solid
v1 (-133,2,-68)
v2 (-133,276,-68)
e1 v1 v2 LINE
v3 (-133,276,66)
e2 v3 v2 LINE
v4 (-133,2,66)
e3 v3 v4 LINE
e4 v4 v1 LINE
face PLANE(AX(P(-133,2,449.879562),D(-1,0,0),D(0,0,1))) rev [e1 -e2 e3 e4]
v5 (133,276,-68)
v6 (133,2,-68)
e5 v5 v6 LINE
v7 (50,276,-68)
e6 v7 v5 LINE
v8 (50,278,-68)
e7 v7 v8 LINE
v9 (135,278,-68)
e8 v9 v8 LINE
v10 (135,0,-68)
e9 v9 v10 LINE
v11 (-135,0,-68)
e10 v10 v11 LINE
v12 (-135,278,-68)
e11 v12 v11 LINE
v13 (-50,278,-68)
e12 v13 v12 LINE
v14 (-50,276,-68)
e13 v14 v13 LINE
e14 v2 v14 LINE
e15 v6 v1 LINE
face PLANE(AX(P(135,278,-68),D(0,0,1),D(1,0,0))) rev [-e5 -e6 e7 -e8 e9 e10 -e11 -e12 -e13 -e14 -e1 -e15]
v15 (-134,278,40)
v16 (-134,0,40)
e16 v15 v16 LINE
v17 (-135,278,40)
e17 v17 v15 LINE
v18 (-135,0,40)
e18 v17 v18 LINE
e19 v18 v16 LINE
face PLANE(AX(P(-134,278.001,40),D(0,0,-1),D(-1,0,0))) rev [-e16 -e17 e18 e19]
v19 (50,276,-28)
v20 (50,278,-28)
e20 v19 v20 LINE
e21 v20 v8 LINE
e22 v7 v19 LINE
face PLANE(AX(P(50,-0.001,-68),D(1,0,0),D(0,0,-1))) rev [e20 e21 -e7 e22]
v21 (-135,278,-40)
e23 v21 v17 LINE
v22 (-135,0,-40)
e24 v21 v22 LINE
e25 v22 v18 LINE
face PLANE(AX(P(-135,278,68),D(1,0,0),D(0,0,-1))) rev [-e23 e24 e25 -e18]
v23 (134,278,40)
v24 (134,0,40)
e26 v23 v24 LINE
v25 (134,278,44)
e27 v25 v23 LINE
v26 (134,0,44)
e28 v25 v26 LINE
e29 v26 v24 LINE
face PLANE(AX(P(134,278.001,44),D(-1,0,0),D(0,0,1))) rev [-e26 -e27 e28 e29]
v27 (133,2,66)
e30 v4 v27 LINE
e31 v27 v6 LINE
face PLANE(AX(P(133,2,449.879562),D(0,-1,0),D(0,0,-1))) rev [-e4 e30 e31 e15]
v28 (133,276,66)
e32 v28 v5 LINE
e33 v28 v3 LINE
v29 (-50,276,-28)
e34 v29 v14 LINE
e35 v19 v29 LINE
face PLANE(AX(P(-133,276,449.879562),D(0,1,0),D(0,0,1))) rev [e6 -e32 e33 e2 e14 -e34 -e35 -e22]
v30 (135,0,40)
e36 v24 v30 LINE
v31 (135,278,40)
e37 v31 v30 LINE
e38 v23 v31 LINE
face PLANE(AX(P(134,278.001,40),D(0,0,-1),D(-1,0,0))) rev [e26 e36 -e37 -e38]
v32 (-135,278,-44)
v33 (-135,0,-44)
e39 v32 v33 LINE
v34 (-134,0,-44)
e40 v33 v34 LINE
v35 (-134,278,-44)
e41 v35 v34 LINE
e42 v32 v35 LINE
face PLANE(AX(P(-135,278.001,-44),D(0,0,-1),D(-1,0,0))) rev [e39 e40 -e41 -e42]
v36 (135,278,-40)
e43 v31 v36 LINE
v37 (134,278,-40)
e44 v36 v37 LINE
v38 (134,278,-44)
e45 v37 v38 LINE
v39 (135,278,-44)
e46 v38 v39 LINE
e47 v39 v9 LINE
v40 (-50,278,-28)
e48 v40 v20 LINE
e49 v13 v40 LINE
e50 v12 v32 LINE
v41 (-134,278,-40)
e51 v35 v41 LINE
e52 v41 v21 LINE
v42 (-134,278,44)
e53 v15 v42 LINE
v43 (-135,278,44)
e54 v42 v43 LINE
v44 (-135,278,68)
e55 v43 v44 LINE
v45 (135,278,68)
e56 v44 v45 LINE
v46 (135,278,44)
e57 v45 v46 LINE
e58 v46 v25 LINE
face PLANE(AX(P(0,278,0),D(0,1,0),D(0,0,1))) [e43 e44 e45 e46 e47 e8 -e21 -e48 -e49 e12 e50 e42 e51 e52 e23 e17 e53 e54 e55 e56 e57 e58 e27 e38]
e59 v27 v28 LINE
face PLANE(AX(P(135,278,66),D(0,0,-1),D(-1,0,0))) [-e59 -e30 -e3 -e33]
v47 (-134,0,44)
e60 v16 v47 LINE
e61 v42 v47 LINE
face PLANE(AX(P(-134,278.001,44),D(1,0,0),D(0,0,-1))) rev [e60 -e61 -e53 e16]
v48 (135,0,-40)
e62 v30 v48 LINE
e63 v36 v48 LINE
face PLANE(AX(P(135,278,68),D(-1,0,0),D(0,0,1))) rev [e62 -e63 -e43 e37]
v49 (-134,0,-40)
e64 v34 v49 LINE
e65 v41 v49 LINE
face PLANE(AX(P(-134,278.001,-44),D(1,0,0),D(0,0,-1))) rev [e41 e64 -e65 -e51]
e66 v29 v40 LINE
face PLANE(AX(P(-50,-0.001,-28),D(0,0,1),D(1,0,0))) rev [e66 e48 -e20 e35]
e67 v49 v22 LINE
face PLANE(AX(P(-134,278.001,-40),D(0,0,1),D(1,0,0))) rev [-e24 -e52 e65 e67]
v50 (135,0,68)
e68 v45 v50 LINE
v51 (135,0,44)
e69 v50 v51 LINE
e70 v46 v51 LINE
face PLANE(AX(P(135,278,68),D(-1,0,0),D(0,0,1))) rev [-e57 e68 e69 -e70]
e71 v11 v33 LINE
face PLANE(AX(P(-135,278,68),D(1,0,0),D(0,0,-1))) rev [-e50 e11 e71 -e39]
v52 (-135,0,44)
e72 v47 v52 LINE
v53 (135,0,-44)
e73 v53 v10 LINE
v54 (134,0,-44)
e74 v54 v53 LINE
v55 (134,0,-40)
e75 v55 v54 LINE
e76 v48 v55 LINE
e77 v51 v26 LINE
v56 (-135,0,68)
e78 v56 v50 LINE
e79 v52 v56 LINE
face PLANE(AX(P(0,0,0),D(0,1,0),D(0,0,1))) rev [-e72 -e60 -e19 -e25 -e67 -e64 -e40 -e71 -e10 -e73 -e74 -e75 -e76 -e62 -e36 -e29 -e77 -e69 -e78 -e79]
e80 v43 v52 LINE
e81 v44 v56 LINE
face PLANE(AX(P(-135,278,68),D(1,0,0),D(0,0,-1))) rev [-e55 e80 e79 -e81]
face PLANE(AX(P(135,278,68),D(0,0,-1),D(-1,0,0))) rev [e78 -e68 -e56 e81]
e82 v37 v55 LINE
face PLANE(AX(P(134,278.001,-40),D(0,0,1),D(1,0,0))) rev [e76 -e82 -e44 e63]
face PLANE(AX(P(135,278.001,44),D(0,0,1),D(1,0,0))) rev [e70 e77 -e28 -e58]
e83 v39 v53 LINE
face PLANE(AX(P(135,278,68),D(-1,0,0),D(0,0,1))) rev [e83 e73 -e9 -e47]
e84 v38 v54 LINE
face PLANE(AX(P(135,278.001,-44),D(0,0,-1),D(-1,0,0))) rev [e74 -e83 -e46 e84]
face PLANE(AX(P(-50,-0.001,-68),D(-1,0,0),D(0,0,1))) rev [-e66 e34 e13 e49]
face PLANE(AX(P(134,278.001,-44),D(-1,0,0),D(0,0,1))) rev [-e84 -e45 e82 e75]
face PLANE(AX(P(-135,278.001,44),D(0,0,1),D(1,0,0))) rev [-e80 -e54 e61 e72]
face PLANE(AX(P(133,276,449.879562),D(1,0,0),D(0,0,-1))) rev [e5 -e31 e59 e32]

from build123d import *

# Parameters (mm, degrees)
SKETCH_1_W          = 270
SKETCH_1_H          = 136
EXTRUDE_1_DEPTH     = 278
SKETCH_2_W          = 266
SKETCH_2_H          = 274
CUT_EXTRUDE_1_DEPTH = 134
CUT_EXTRUDE_2_REACH = 318.438
SKETCH_3_W          = 100
SKETCH_3_H          = 40
CUT_EXTRUDE_3_REACH = 318.438
SKETCH_4_W          = 1
SKETCH_4_H          = 4


with BuildPart() as part:
    # 草图1 → 凸台-拉伸1 (new body)
    with BuildSketch(Plane(origin=(0, 0, 0), x_dir=(1, 0, 0), z_dir=(0, 1, 0))):
        Rectangle(SKETCH_1_W, SKETCH_1_H)
    extrude(amount=EXTRUDE_1_DEPTH)

    # 草图2 → 切除-拉伸1 (cut)
    with BuildSketch(Plane(origin=(0, 0, -68), x_dir=(-1, 0, 0), z_dir=(0, 0, -1))):
        with Locations((0, 139)):
            Rectangle(SKETCH_2_W, SKETCH_2_H)
    extrude(amount=-CUT_EXTRUDE_1_DEPTH, mode=Mode.SUBTRACT)

    # 草图3 → 切除-拉伸2 (cut, up to next)
    with BuildSketch(Plane(origin=(0, 278, 0), x_dir=(1, 0, 0), z_dir=(0, 1, 0)), mode=Mode.PRIVATE) as cut_extrude_2_sk1:
        with Locations((0, 48)):
            Rectangle(SKETCH_3_W, SKETCH_3_H)
    cut_extrude_2_tool1 = extrude(cut_extrude_2_sk1.sketch, amount=-CUT_EXTRUDE_2_REACH, mode=Mode.PRIVATE) & part.part
    add(cut_extrude_2_tool1.solids().sort_by_distance((0, 278, -48))[0], mode=Mode.SUBTRACT)

    # 草图4 → 切除-拉伸3 (cut, up to next)
    with BuildSketch(Plane.XZ, mode=Mode.PRIVATE) as cut_extrude_3_sk1:
        with Locations((-134.5, 42)):
            Rectangle(SKETCH_4_W, SKETCH_4_H)
    cut_extrude_3_tool1 = extrude(cut_extrude_3_sk1.sketch, amount=-CUT_EXTRUDE_3_REACH, mode=Mode.PRIVATE) & part.part
    # 草图4 → 切除-拉伸3 (cut, up to next)
    with BuildSketch(Plane.XZ, mode=Mode.PRIVATE) as cut_extrude_3_sk2:
        with Locations((-134.5, -42)):
            Rectangle(SKETCH_4_W, SKETCH_4_H)
    cut_extrude_3_tool2 = extrude(cut_extrude_3_sk2.sketch, amount=-CUT_EXTRUDE_3_REACH, mode=Mode.PRIVATE) & part.part
    # 草图4 → 切除-拉伸3 (cut, up to next)
    with BuildSketch(Plane.XZ, mode=Mode.PRIVATE) as cut_extrude_3_sk3:
        with Locations((134.5, -42)):
            Rectangle(SKETCH_4_W, SKETCH_4_H)
    cut_extrude_3_tool3 = extrude(cut_extrude_3_sk3.sketch, amount=-CUT_EXTRUDE_3_REACH, mode=Mode.PRIVATE) & part.part
    # 草图4 → 切除-拉伸3 (cut, up to next)
    with BuildSketch(Plane.XZ, mode=Mode.PRIVATE) as cut_extrude_3_sk4:
        with Locations((134.5, 42)):
            Rectangle(SKETCH_4_W, SKETCH_4_H)
    cut_extrude_3_tool4 = extrude(cut_extrude_3_sk4.sketch, amount=-CUT_EXTRUDE_3_REACH, mode=Mode.PRIVATE) & part.part
    add(cut_extrude_3_tool1.solids().sort_by_distance((-134.5, 0, 42))[0], mode=Mode.SUBTRACT)
    add(cut_extrude_3_tool2.solids().sort_by_distance((-134.5, 0, -42))[0], mode=Mode.SUBTRACT)
    add(cut_extrude_3_tool3.solids().sort_by_distance((134.5, 0, -42))[0], mode=Mode.SUBTRACT)
    add(cut_extrude_3_tool4.solids().sort_by_distance((134.5, 0, 42))[0], mode=Mode.SUBTRACT)


solid = part.part
